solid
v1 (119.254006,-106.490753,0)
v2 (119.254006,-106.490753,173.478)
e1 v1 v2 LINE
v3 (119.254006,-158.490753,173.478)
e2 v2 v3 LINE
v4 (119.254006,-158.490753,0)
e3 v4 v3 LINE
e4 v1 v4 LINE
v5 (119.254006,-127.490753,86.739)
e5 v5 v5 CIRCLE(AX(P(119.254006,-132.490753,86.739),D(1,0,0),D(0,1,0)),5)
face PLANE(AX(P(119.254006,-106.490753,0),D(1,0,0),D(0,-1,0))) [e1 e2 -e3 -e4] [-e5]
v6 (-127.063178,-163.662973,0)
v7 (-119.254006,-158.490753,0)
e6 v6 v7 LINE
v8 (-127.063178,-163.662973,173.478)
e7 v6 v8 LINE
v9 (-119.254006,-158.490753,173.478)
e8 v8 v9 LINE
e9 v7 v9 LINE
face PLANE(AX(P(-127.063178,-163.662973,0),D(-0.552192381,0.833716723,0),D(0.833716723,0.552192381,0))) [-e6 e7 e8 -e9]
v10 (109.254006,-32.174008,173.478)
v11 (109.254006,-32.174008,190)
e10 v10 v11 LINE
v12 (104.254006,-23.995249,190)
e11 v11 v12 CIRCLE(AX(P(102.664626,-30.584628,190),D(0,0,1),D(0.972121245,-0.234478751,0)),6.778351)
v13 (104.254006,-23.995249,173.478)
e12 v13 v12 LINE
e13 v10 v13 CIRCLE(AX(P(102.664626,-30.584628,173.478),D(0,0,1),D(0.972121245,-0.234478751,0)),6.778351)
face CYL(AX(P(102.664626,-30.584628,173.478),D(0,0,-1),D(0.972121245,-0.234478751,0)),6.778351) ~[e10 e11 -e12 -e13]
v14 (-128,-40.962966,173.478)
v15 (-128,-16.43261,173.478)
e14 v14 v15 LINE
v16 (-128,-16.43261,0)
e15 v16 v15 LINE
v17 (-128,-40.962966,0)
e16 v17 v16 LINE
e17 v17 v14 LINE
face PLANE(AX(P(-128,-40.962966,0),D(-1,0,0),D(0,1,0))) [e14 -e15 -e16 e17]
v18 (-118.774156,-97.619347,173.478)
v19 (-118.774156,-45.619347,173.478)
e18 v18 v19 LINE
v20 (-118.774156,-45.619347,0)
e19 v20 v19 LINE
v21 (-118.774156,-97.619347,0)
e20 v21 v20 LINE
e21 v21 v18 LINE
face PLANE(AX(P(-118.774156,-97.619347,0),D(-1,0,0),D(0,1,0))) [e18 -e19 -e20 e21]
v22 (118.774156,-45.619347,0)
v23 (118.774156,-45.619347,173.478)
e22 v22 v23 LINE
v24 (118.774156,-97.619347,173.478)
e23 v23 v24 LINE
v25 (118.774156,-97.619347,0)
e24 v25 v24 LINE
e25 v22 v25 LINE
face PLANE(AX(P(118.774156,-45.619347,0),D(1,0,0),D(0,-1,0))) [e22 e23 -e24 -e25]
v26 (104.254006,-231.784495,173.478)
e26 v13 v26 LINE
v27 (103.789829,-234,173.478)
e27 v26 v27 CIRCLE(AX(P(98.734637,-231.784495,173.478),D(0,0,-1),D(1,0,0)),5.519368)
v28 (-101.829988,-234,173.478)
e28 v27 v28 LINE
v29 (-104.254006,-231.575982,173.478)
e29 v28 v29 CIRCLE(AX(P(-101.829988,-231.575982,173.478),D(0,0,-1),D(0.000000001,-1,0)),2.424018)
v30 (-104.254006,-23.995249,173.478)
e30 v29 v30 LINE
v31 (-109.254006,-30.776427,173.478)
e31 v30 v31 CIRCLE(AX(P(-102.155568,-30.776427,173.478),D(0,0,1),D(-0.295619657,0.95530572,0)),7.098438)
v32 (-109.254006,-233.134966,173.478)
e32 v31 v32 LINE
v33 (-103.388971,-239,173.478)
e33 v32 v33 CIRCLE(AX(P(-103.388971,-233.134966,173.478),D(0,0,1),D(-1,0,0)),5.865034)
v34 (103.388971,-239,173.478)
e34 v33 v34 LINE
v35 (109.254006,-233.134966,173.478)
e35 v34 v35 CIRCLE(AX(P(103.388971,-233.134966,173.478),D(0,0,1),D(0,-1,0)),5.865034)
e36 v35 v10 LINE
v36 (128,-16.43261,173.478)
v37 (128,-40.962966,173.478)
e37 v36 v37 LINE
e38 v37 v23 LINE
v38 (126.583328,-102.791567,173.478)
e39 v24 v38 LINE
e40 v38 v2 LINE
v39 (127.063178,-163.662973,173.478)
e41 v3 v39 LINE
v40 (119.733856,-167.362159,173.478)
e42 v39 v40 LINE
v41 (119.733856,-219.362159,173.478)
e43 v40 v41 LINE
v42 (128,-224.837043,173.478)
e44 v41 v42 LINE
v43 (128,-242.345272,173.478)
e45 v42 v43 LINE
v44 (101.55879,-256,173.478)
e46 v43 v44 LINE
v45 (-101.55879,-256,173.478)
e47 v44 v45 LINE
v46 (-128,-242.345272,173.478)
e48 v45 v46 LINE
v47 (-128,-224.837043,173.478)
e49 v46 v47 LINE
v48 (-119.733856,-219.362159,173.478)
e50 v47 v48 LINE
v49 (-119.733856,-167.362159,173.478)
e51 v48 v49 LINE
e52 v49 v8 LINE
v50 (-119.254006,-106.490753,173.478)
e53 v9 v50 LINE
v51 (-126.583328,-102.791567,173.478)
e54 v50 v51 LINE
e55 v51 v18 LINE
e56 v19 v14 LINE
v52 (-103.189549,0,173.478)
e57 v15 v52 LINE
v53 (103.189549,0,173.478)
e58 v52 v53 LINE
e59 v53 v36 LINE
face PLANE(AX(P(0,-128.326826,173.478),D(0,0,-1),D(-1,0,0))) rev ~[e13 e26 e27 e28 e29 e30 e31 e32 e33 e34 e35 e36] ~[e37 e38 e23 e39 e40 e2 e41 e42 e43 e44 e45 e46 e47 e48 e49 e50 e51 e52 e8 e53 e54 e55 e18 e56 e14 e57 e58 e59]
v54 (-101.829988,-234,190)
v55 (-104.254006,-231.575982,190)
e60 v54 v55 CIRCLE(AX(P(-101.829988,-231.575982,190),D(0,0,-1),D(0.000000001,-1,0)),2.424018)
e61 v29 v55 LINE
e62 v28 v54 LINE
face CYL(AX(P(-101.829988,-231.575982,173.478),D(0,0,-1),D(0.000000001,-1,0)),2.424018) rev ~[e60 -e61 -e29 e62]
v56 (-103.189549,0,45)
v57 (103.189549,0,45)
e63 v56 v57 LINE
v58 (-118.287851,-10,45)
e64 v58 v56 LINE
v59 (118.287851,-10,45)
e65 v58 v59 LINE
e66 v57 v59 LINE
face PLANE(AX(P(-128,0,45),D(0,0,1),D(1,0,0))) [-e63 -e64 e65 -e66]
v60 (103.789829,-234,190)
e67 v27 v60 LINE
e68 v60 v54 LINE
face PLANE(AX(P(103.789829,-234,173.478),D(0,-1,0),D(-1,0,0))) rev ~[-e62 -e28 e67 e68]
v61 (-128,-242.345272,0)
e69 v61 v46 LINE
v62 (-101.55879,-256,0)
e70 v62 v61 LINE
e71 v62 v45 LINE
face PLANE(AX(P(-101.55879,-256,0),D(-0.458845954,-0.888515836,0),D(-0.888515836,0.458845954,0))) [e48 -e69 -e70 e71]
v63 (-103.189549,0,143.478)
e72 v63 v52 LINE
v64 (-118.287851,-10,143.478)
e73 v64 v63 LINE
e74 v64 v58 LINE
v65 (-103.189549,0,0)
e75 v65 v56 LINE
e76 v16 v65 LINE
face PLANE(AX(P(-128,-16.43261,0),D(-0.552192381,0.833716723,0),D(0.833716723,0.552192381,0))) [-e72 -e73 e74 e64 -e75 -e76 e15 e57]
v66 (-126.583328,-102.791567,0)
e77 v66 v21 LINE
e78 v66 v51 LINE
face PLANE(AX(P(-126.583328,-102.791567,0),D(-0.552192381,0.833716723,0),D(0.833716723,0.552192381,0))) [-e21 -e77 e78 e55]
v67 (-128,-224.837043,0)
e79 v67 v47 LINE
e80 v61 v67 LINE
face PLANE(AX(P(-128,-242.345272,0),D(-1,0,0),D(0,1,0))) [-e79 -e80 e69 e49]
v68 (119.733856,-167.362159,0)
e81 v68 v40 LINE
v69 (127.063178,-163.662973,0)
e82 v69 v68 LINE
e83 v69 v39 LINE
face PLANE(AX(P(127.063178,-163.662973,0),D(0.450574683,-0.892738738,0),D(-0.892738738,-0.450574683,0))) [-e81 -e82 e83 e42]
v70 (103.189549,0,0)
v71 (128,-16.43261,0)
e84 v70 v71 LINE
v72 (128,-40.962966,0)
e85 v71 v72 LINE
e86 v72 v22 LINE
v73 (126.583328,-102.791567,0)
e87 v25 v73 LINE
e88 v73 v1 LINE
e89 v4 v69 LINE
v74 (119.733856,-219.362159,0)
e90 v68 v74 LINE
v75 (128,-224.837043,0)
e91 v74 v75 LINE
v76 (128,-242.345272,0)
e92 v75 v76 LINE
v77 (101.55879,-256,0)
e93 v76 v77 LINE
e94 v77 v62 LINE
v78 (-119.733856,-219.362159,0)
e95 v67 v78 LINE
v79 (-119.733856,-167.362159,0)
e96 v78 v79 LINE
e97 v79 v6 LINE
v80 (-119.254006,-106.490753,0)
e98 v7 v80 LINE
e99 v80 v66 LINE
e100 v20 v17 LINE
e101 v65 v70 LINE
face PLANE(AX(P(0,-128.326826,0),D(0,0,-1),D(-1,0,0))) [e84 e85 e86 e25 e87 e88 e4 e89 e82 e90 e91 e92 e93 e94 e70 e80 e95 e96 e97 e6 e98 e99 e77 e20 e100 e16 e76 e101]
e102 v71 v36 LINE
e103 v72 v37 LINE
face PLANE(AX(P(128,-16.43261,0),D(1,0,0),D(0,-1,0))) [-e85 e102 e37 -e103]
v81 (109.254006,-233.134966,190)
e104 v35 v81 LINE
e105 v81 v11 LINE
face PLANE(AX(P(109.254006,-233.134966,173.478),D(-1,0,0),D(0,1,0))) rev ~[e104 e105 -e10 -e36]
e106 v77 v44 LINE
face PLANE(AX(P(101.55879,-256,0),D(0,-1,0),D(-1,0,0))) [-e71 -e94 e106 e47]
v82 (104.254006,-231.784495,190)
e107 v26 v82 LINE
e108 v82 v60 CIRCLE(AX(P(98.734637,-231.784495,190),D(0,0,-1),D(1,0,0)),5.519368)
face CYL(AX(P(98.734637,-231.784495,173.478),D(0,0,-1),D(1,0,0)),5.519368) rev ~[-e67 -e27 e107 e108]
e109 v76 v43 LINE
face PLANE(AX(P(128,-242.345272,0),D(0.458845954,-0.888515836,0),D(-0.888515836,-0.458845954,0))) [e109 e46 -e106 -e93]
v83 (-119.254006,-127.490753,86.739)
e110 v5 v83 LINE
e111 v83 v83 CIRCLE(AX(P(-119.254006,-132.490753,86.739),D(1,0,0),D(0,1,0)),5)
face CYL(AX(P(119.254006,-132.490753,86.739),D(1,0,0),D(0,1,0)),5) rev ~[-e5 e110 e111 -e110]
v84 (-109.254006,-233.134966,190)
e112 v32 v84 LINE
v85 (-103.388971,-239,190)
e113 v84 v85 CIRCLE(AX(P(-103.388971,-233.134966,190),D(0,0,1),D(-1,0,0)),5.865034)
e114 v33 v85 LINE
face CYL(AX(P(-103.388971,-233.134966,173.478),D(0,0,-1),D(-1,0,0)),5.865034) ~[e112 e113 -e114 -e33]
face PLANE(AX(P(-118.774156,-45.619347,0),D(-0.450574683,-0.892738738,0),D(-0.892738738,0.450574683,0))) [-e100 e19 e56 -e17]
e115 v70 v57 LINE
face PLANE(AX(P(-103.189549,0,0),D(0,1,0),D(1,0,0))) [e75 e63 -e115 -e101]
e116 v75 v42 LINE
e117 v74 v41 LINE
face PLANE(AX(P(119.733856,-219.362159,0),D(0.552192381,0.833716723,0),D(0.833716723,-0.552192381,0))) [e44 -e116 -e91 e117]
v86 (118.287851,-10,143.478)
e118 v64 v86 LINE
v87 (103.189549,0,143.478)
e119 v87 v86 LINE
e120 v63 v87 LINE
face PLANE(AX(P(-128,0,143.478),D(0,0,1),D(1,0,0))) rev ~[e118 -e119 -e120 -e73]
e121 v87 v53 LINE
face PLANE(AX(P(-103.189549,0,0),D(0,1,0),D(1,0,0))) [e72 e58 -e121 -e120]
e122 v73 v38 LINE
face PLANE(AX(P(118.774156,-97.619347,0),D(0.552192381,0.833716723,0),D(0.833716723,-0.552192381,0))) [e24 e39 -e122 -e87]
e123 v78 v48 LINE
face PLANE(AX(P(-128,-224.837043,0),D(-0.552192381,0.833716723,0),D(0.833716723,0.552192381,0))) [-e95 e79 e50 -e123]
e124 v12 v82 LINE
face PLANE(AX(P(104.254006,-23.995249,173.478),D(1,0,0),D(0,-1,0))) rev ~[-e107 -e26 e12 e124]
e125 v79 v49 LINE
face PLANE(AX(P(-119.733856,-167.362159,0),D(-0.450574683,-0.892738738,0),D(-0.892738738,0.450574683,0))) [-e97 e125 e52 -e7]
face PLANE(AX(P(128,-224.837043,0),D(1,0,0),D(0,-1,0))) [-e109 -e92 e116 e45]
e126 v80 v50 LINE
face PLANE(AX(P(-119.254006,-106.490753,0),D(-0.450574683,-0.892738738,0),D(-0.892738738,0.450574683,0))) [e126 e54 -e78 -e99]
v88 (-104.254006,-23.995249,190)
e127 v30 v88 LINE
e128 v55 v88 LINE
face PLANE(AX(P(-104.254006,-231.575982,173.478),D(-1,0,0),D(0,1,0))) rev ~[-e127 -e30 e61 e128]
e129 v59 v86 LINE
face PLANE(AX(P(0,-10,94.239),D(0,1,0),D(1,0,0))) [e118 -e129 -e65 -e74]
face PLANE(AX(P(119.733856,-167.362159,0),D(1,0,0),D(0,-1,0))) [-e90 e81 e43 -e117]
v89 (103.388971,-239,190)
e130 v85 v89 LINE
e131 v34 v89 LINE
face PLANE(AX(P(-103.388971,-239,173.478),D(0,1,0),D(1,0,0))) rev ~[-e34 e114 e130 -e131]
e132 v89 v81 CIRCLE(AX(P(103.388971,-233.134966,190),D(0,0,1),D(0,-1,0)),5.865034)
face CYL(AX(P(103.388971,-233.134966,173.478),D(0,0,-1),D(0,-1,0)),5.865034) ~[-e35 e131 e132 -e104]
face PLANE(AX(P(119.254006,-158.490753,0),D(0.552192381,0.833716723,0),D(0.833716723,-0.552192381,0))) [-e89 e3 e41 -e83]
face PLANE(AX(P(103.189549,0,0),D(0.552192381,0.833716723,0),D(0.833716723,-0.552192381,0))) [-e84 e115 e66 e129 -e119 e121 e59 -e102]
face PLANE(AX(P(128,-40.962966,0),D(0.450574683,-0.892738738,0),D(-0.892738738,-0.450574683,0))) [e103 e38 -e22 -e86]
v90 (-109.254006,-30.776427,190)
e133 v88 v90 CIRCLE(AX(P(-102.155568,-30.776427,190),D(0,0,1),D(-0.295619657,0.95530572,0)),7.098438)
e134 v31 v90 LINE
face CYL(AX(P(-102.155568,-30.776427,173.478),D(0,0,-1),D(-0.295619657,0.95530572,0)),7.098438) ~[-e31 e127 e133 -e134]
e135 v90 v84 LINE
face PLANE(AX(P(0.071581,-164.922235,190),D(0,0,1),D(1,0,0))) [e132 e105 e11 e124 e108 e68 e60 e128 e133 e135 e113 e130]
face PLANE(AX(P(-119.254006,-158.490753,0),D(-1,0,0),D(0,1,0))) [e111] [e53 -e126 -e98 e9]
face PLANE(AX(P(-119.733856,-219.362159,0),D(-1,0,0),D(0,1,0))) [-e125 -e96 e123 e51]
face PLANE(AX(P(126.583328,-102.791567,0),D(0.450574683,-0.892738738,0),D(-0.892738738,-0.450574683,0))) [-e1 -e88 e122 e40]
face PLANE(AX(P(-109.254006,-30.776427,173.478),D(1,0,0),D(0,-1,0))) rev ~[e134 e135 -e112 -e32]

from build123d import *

# Parameters (mm, degrees)
BOSS_EXTRUDE1_DEPTH = 173.478
BOSS_EXTRUDE2_DEPTH = 16.522
SKETCH5_W           = 256
SKETCH5_H           = 98.478
CUT_EXTRUDE3_DEPTH  = 10
SKETCH7_R           = 5
CUT_EXTRUDE4_DEPTH  = 404.448315513


with BuildPart() as part:
    # Sketch1 → Boss-Extrude1 (new body)
    with BuildSketch(Plane.XY):
        Polygon((-103.1895488, 0), (103.1895488, 0), (128, -16.432610434), (128, -40.962966098), (118.774155672, -45.61934731), (118.774155672, -97.61934731), (126.583328469, -102.791566604), (119.25400561, -106.490753372), (119.25400561, -158.490753372), (127.063178407, -163.662972666), (119.733855548, -167.362159434), (119.733855548, -219.362159434), (128, -224.837043001), (128, -242.345271931), (101.558790198, -256), (-101.558790198, -256), (-128, -242.345271931), (-128, -224.837043001), (-119.733855548, -219.362159434), (-119.733855548, -167.362159434), (-127.063178407, -163.662972666), (-119.25400561, -158.490753372), (-119.25400561, -106.490753372), (-126.583328469, -102.791566604), (-118.774155672, -97.61934731), (-118.774155672, -45.61934731), (-128, -40.962966098), (-128, -16.432610434), align=None)
    extrude(amount=BOSS_EXTRUDE1_DEPTH)

    # Sketch3 → Boss-Extrude2 (add)
    with BuildSketch(Plane.XY.offset(173.478)):
        with BuildLine():
            Line((-109.25400561, -30.77642723), (-109.25400561, -233.134965715))
            ThreePointArc((-109.25400561, -233.134965715), (-107.53617684, -237.28217123), (-103.388971325, -239))
            Line((-103.388971325, -239), (103.388971325, -239))
            ThreePointArc((103.388971325, -239), (107.53617684, -237.28217123), (109.25400561, -233.134965715))
            Line((109.25400561, -233.134965715), (109.25400561, -32.174007784))
            ThreePointArc((109.25400561, -32.174007784), (108.447882002, -27.049094521), (104.25400561, -23.99524907))
            Line((104.25400561, -23.99524907), (104.25400561, -231.784495248))
            ThreePointArc((104.25400561, -231.784495248), (104.136715259, -232.916299233), (103.789829206, -234))
            Line((103.789829206, -234), (-101.829987525, -234))
            ThreePointArc((-101.829987525, -234), (-103.544027151, -233.290021541), (-104.25400561, -231.575981915))
            Line((-104.25400561, -231.575981915), (-104.25400561, -23.99524907))
            ThreePointArc((-104.25400561, -23.99524907), (-107.868861491, -26.563815889), (-109.25400561, -30.77642723))
        make_face()
    extrude(amount=BOSS_EXTRUDE2_DEPTH)

    # Sketch5 → Cut-Extrude3 (cut)
    with BuildSketch(Plane(origin=(0, 0, 0), x_dir=(1, 0, 0), z_dir=(0, 1, 0))):
        with Locations((0, -94.239)):
            Rectangle(SKETCH5_W, SKETCH5_H)
    extrude(amount=-CUT_EXTRUDE3_DEPTH, mode=Mode.SUBTRACT)

    # Sketch7 → Cut-Extrude4 (cut, through all)
    with BuildSketch(Plane(origin=(119.25400561, 0, 0), x_dir=(0, 0, -1), z_dir=(1, 0, 0))):
        with Locations(Location((-86.739, -132.490753372, 0), (0, 0, 90))):
            Circle(SKETCH7_R)
    extrude(amount=-CUT_EXTRUDE4_DEPTH, mode=Mode.SUBTRACT)


solid = part.part
